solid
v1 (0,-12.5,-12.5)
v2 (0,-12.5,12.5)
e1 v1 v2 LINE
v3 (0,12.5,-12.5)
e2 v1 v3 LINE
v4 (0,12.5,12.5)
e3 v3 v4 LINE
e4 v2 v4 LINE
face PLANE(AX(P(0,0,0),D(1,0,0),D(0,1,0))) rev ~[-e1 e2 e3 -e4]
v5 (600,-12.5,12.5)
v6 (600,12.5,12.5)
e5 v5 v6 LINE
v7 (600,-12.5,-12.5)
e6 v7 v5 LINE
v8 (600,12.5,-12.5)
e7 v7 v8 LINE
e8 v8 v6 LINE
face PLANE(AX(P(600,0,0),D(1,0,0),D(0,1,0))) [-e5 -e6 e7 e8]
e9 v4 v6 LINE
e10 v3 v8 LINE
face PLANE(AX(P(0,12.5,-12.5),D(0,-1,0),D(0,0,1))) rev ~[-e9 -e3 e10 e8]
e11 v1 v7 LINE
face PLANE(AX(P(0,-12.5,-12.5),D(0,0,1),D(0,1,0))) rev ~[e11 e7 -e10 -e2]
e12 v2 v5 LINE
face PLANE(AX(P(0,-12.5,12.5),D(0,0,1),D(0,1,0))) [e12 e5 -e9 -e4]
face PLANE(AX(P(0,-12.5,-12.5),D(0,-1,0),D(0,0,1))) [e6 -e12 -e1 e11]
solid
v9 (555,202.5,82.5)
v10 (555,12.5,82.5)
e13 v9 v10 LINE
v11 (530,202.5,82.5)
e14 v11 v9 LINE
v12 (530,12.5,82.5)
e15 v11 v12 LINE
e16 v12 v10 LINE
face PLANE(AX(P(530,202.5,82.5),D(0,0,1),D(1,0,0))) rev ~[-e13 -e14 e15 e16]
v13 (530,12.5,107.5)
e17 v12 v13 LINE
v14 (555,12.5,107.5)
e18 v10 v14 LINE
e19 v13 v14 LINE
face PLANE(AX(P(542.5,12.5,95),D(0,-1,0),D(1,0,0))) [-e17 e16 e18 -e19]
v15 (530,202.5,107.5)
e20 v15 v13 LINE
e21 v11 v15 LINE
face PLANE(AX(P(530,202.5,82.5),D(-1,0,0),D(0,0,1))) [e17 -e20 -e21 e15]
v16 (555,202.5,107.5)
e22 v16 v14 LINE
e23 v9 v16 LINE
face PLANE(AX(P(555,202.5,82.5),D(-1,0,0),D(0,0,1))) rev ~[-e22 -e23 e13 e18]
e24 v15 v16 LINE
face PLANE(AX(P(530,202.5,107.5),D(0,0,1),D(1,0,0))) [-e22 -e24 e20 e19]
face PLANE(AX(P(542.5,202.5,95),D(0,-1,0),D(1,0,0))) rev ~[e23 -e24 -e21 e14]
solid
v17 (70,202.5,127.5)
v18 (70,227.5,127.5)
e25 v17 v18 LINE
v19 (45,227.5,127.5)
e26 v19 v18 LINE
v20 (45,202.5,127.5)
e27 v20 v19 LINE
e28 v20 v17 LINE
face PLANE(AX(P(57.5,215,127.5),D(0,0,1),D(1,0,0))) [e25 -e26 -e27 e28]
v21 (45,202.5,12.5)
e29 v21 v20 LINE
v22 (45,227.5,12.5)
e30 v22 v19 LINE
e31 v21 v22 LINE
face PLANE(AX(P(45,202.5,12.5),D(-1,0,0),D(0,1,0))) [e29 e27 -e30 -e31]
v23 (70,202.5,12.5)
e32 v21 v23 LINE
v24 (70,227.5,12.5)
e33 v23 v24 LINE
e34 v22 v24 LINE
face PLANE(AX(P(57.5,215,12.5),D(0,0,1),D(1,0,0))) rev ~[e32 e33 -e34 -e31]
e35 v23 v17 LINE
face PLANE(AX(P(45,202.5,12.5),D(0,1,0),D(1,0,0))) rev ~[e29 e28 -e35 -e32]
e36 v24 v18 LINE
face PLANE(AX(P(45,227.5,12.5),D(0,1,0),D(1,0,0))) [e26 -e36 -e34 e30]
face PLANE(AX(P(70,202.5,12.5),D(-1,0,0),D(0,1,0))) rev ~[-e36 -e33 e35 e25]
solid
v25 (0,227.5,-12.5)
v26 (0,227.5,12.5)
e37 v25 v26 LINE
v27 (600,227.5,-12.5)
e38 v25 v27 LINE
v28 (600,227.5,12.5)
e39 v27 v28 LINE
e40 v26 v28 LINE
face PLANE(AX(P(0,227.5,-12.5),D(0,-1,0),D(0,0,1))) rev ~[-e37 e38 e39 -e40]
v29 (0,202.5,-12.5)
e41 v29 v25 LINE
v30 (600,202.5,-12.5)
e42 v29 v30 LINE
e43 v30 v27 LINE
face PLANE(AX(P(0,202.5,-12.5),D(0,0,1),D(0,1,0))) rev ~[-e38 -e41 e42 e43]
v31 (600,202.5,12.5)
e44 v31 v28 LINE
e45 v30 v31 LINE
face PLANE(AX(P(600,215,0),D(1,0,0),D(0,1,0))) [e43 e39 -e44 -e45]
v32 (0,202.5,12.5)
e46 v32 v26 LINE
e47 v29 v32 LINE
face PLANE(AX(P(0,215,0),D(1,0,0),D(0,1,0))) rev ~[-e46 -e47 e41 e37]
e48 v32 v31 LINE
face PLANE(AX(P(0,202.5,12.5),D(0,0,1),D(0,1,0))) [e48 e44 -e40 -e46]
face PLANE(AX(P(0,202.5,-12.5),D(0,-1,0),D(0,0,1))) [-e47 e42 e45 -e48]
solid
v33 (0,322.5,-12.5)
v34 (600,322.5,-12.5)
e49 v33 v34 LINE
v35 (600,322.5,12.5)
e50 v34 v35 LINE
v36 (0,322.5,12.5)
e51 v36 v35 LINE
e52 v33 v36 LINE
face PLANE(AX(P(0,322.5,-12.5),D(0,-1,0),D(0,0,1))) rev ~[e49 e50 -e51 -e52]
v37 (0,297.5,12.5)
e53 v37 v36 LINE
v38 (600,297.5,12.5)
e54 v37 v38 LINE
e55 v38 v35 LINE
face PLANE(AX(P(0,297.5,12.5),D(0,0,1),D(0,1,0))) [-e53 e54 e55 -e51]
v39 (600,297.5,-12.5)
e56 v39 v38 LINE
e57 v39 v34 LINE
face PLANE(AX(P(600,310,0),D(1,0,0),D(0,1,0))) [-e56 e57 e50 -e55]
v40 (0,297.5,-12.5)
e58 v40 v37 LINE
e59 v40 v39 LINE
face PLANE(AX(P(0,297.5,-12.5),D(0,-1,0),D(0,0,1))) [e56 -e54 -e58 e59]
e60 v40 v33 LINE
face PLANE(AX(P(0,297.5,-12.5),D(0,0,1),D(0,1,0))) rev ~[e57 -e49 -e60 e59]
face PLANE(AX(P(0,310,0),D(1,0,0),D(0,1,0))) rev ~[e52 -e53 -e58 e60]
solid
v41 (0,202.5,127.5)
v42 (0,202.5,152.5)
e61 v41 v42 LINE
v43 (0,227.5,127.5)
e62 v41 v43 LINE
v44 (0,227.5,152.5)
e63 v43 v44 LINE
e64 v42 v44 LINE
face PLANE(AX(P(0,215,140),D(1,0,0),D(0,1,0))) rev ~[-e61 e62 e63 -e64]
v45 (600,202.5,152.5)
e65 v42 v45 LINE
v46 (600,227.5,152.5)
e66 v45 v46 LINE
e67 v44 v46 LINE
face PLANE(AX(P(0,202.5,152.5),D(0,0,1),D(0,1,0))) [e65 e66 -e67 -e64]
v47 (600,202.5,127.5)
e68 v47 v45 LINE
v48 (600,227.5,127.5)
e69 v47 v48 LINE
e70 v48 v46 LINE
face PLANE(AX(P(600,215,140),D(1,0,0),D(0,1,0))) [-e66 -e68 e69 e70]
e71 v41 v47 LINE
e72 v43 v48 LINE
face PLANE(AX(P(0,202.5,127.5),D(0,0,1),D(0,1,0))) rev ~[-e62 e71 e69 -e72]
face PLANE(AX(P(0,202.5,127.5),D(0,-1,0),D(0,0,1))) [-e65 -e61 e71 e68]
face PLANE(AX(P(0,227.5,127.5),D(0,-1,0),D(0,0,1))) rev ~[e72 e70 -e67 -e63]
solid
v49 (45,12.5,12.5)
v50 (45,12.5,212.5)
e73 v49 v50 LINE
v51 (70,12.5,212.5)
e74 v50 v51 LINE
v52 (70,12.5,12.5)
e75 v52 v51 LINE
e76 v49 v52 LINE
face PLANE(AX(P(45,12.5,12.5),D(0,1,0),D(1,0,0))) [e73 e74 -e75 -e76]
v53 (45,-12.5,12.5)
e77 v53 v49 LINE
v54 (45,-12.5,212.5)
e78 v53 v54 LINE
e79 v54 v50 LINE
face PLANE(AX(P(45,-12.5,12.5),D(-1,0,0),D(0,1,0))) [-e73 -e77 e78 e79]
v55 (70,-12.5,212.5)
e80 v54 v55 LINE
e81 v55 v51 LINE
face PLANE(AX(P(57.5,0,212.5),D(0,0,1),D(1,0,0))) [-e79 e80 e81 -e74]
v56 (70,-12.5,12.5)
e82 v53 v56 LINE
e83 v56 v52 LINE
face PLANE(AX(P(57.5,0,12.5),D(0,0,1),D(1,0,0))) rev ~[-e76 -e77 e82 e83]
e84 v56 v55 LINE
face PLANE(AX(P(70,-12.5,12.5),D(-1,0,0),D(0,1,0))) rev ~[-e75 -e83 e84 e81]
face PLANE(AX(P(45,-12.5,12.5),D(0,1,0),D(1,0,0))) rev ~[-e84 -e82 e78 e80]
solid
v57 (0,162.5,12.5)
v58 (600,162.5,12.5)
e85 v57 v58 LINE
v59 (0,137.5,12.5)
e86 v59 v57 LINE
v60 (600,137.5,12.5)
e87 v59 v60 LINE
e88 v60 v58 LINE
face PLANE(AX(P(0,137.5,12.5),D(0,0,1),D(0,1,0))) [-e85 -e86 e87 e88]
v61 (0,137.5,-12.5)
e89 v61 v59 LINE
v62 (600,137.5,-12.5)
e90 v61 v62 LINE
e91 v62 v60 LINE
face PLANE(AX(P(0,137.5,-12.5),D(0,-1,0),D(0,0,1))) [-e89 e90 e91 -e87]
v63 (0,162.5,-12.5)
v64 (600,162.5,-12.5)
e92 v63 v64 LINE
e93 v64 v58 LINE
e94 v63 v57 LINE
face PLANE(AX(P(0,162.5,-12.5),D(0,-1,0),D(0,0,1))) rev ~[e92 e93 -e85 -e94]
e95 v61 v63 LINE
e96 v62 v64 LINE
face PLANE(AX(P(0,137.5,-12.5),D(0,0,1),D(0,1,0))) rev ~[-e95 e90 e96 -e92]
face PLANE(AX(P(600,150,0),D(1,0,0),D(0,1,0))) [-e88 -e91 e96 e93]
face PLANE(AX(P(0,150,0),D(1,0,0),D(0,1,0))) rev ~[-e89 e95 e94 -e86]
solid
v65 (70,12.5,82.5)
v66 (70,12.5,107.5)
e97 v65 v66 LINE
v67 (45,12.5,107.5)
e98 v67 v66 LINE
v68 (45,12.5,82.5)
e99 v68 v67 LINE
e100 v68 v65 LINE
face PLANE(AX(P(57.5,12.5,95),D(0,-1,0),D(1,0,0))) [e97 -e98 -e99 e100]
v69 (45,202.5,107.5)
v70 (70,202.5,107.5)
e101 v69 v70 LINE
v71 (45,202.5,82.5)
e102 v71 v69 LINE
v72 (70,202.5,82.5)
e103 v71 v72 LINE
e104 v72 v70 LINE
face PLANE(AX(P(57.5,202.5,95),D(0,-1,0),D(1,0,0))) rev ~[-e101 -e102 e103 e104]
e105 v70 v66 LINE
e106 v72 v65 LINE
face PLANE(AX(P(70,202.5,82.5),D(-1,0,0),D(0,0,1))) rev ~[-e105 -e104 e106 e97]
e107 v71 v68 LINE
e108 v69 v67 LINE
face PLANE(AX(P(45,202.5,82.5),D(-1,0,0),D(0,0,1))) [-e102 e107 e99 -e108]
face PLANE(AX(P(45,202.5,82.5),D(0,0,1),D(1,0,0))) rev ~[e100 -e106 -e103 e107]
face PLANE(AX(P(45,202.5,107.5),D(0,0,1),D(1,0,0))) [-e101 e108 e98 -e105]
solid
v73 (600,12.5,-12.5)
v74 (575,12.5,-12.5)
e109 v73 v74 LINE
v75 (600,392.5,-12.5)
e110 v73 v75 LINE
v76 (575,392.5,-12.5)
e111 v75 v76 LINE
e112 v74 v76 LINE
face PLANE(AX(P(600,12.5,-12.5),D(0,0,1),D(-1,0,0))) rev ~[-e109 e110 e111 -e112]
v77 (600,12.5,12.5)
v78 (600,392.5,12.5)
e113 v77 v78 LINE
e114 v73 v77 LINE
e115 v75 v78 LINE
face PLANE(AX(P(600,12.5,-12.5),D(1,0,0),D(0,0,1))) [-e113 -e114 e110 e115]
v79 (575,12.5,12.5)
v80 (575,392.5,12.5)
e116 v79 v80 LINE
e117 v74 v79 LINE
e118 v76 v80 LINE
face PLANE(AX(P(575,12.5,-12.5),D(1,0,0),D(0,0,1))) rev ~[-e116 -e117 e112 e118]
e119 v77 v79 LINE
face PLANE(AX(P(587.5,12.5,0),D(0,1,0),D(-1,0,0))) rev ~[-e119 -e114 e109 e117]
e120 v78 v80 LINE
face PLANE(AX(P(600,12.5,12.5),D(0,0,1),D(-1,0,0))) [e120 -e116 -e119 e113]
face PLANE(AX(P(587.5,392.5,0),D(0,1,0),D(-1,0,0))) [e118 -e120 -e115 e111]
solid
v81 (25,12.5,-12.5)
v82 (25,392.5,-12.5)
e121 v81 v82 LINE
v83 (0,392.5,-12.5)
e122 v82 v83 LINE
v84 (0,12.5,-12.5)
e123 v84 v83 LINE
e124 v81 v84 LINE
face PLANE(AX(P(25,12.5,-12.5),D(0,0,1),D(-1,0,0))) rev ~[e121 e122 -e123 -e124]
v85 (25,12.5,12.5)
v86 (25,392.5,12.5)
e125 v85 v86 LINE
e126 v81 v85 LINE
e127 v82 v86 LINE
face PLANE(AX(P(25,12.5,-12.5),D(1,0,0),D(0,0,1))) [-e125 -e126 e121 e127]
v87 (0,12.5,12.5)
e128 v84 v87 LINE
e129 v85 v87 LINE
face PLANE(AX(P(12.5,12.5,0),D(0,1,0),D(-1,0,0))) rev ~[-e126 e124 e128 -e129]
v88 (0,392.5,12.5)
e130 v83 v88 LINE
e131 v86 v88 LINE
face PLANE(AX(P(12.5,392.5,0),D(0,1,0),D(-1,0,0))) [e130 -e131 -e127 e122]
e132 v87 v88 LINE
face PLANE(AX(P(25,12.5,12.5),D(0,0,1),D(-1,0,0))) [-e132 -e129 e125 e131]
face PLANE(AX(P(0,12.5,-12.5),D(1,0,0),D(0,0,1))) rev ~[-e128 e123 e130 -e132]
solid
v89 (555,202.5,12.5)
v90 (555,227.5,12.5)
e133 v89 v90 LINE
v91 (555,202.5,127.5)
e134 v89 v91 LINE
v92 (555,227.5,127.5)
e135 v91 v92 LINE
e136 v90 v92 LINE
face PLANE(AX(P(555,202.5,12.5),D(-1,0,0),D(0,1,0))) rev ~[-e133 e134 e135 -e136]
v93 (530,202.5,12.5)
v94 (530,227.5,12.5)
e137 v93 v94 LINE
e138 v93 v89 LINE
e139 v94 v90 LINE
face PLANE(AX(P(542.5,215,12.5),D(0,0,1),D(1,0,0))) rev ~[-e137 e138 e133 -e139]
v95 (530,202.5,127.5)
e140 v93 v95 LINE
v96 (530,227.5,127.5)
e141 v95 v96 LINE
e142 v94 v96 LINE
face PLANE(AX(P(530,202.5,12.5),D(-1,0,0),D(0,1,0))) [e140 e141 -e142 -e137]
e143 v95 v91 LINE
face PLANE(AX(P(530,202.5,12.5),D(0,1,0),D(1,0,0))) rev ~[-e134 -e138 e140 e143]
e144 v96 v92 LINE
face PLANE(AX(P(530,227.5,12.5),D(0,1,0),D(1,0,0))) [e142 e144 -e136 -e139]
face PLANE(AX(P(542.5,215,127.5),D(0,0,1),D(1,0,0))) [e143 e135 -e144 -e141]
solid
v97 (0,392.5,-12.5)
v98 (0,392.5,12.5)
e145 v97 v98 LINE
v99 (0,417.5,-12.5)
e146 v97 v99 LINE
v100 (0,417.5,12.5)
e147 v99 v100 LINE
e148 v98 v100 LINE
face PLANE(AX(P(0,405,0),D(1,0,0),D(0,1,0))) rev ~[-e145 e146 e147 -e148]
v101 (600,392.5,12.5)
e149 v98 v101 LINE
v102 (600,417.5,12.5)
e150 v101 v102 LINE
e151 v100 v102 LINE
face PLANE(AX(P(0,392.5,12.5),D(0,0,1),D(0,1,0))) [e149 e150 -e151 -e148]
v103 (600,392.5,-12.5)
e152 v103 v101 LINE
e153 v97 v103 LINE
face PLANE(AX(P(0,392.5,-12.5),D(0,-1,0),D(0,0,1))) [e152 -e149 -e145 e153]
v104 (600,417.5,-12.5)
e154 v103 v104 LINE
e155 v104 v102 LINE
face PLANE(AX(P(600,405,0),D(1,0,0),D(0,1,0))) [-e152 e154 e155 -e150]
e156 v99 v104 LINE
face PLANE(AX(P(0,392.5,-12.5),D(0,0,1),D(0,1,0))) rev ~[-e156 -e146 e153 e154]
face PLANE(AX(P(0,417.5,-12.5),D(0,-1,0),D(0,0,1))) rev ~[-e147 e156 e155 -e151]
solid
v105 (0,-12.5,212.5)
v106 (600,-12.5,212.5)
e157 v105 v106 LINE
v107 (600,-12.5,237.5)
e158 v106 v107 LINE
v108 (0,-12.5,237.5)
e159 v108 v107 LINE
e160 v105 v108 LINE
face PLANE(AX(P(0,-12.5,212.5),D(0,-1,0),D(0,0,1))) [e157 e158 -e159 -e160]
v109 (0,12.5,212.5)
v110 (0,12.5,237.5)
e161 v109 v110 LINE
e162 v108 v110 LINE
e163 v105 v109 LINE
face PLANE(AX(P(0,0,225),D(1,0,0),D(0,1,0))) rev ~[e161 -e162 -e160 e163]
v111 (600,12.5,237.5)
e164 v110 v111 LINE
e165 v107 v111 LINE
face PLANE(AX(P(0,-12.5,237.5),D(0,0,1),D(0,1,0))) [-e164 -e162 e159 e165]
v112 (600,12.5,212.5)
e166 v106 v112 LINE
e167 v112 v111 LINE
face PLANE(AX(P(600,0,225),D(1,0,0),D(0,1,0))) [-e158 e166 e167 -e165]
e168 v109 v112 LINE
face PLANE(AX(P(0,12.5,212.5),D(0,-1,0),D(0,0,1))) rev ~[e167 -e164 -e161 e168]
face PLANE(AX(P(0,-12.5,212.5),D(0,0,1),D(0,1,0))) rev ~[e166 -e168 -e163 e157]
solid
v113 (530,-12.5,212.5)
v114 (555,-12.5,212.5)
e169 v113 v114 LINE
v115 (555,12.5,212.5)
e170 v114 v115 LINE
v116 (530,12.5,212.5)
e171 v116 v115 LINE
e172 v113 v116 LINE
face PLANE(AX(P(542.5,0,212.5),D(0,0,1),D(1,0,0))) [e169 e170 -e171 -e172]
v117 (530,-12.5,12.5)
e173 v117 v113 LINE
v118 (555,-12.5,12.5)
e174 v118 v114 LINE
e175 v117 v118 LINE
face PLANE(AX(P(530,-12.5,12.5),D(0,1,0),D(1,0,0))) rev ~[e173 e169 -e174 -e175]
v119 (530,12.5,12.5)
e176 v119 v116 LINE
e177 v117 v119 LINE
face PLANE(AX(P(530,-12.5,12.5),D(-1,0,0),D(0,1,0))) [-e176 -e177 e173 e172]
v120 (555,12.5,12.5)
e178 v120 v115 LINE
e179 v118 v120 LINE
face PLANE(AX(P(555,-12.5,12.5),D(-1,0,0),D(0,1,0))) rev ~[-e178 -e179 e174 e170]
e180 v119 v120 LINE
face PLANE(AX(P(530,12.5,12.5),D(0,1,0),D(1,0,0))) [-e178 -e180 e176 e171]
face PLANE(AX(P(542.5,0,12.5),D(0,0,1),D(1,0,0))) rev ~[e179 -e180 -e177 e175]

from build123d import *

# Parameters (mm, degrees)
F0_W     = 25
F0_H     = 25
F1_DEPTH = 600
F2_W     = 25
F2_H     = 25
F3_DEPTH = 380
F4_W     = 25
F4_H     = 25
F5_DEPTH = 115
F6_W     = 25
F6_H     = 25
F7_DEPTH = 200
F8_W     = 25
F8_H     = 25
F9_DEPTH = 190


with BuildPart() as f1:
    # F0 (on Right) → F1 (new body)
    with BuildSketch(Plane.YZ):
        Rectangle(F0_W, F0_H)
    extrude(amount=F1_DEPTH)


with BuildPart() as f1b:
    # F0 (on Right) → F1, piece 2 (new body)
    with BuildSketch(Plane.YZ):
        with Locations((405, 0)):
            Rectangle(F0_W, F0_H)
    extrude(amount=F1_DEPTH)


with BuildPart() as f1c:
    # F0 (on Right) → F1, piece 3 (new body)
    with BuildSketch(Plane.YZ):
        with Locations((150, 0)):
            Rectangle(F0_W, F0_H)
    extrude(amount=F1_DEPTH)


with BuildPart() as f1d:
    # F0 (on Right) → F1, piece 4 (new body)
    with BuildSketch(Plane.YZ):
        with Locations((215, 0)):
            Rectangle(F0_W, F0_H)
    extrude(amount=F1_DEPTH)


with BuildPart() as f1e:
    # F0 (on Right) → F1, piece 5 (new body)
    with BuildSketch(Plane.YZ):
        with Locations((0, 225)):
            Rectangle(F0_W, F0_H)
    extrude(amount=F1_DEPTH)


with BuildPart() as f1f:
    # F0 (on Right) → F1, piece 6 (new body)
    with BuildSketch(Plane.YZ):
        with Locations((215, 140)):
            Rectangle(F0_W, F0_H)
    extrude(amount=F1_DEPTH)


with BuildPart() as f1g:
    # F0 (on Right) → F1, piece 7 (new body)
    with BuildSketch(Plane.YZ):
        with Locations((310, 0)):
            Rectangle(F0_W, F0_H)
    extrude(amount=F1_DEPTH)


with BuildPart() as f3:
    # F2 (on face) → F3 (new body, through all)
    with BuildSketch(Plane(origin=(0, 12.5, 0), x_dir=(-1, 0, 0), z_dir=(0, 1, 0))):
        with Locations((-12.5, 0)):
            Rectangle(F2_W, F2_H)
    extrude(amount=F3_DEPTH)


with BuildPart() as f3b:
    # F2 (on face) → F3, piece 2 (new body, through all)
    with BuildSketch(Plane(origin=(0, 12.5, 0), x_dir=(-1, 0, 0), z_dir=(0, 1, 0))):
        with Locations((-587.5, 0)):
            Rectangle(F2_W, F2_H)
    extrude(amount=F3_DEPTH)


with BuildPart() as f5:
    # F4 (on face) → F5 (new body, through all)
    with BuildSketch(Plane.XY.offset(12.5)):
        with Locations((542.5, 215)):
            Rectangle(F4_W, F4_H)
    extrude(amount=F5_DEPTH)


with BuildPart() as f5b:
    # F4 (on face) → F5, piece 2 (new body, through all)
    with BuildSketch(Plane.XY.offset(12.5)):
        with Locations((57.5, 215)):
            Rectangle(F4_W, F4_H)
    extrude(amount=F5_DEPTH)


with BuildPart() as f7:
    # F6 (on face) → F7 (new body, through all)
    with BuildSketch(Plane.XY.offset(12.5)):
        with Locations((542.5, 0)):
            Rectangle(F6_W, F6_H)
    extrude(amount=F7_DEPTH)


with BuildPart() as f7b:
    # F6 (on face) → F7, piece 2 (new body, through all)
    with BuildSketch(Plane.XY.offset(12.5)):
        with Locations((57.5, 0)):
            Rectangle(F6_W, F6_H)
    extrude(amount=F7_DEPTH)


with BuildPart() as f9:
    # F8 (on face) → F9 (new body, through all)
    with BuildSketch(Plane.XZ.offset(-202.5)):
        with Locations((57.5, 95)):
            Rectangle(F8_W, F8_H)
    extrude(amount=F9_DEPTH)


with BuildPart() as f9b:
    # F8 (on face) → F9, piece 2 (new body, through all)
    with BuildSketch(Plane.XZ.offset(-202.5)):
        with Locations((542.5, 95)):
            Rectangle(F8_W, F8_H)
    extrude(amount=F9_DEPTH)


solid = Compound([f1.part, f1b.part, f1c.part, f1d.part, f1e.part, f1f.part, f1g.part, f3.part, f3b.part, f5.part, f5b.part, f7.part, f7b.part, f9.part, f9b.part])
